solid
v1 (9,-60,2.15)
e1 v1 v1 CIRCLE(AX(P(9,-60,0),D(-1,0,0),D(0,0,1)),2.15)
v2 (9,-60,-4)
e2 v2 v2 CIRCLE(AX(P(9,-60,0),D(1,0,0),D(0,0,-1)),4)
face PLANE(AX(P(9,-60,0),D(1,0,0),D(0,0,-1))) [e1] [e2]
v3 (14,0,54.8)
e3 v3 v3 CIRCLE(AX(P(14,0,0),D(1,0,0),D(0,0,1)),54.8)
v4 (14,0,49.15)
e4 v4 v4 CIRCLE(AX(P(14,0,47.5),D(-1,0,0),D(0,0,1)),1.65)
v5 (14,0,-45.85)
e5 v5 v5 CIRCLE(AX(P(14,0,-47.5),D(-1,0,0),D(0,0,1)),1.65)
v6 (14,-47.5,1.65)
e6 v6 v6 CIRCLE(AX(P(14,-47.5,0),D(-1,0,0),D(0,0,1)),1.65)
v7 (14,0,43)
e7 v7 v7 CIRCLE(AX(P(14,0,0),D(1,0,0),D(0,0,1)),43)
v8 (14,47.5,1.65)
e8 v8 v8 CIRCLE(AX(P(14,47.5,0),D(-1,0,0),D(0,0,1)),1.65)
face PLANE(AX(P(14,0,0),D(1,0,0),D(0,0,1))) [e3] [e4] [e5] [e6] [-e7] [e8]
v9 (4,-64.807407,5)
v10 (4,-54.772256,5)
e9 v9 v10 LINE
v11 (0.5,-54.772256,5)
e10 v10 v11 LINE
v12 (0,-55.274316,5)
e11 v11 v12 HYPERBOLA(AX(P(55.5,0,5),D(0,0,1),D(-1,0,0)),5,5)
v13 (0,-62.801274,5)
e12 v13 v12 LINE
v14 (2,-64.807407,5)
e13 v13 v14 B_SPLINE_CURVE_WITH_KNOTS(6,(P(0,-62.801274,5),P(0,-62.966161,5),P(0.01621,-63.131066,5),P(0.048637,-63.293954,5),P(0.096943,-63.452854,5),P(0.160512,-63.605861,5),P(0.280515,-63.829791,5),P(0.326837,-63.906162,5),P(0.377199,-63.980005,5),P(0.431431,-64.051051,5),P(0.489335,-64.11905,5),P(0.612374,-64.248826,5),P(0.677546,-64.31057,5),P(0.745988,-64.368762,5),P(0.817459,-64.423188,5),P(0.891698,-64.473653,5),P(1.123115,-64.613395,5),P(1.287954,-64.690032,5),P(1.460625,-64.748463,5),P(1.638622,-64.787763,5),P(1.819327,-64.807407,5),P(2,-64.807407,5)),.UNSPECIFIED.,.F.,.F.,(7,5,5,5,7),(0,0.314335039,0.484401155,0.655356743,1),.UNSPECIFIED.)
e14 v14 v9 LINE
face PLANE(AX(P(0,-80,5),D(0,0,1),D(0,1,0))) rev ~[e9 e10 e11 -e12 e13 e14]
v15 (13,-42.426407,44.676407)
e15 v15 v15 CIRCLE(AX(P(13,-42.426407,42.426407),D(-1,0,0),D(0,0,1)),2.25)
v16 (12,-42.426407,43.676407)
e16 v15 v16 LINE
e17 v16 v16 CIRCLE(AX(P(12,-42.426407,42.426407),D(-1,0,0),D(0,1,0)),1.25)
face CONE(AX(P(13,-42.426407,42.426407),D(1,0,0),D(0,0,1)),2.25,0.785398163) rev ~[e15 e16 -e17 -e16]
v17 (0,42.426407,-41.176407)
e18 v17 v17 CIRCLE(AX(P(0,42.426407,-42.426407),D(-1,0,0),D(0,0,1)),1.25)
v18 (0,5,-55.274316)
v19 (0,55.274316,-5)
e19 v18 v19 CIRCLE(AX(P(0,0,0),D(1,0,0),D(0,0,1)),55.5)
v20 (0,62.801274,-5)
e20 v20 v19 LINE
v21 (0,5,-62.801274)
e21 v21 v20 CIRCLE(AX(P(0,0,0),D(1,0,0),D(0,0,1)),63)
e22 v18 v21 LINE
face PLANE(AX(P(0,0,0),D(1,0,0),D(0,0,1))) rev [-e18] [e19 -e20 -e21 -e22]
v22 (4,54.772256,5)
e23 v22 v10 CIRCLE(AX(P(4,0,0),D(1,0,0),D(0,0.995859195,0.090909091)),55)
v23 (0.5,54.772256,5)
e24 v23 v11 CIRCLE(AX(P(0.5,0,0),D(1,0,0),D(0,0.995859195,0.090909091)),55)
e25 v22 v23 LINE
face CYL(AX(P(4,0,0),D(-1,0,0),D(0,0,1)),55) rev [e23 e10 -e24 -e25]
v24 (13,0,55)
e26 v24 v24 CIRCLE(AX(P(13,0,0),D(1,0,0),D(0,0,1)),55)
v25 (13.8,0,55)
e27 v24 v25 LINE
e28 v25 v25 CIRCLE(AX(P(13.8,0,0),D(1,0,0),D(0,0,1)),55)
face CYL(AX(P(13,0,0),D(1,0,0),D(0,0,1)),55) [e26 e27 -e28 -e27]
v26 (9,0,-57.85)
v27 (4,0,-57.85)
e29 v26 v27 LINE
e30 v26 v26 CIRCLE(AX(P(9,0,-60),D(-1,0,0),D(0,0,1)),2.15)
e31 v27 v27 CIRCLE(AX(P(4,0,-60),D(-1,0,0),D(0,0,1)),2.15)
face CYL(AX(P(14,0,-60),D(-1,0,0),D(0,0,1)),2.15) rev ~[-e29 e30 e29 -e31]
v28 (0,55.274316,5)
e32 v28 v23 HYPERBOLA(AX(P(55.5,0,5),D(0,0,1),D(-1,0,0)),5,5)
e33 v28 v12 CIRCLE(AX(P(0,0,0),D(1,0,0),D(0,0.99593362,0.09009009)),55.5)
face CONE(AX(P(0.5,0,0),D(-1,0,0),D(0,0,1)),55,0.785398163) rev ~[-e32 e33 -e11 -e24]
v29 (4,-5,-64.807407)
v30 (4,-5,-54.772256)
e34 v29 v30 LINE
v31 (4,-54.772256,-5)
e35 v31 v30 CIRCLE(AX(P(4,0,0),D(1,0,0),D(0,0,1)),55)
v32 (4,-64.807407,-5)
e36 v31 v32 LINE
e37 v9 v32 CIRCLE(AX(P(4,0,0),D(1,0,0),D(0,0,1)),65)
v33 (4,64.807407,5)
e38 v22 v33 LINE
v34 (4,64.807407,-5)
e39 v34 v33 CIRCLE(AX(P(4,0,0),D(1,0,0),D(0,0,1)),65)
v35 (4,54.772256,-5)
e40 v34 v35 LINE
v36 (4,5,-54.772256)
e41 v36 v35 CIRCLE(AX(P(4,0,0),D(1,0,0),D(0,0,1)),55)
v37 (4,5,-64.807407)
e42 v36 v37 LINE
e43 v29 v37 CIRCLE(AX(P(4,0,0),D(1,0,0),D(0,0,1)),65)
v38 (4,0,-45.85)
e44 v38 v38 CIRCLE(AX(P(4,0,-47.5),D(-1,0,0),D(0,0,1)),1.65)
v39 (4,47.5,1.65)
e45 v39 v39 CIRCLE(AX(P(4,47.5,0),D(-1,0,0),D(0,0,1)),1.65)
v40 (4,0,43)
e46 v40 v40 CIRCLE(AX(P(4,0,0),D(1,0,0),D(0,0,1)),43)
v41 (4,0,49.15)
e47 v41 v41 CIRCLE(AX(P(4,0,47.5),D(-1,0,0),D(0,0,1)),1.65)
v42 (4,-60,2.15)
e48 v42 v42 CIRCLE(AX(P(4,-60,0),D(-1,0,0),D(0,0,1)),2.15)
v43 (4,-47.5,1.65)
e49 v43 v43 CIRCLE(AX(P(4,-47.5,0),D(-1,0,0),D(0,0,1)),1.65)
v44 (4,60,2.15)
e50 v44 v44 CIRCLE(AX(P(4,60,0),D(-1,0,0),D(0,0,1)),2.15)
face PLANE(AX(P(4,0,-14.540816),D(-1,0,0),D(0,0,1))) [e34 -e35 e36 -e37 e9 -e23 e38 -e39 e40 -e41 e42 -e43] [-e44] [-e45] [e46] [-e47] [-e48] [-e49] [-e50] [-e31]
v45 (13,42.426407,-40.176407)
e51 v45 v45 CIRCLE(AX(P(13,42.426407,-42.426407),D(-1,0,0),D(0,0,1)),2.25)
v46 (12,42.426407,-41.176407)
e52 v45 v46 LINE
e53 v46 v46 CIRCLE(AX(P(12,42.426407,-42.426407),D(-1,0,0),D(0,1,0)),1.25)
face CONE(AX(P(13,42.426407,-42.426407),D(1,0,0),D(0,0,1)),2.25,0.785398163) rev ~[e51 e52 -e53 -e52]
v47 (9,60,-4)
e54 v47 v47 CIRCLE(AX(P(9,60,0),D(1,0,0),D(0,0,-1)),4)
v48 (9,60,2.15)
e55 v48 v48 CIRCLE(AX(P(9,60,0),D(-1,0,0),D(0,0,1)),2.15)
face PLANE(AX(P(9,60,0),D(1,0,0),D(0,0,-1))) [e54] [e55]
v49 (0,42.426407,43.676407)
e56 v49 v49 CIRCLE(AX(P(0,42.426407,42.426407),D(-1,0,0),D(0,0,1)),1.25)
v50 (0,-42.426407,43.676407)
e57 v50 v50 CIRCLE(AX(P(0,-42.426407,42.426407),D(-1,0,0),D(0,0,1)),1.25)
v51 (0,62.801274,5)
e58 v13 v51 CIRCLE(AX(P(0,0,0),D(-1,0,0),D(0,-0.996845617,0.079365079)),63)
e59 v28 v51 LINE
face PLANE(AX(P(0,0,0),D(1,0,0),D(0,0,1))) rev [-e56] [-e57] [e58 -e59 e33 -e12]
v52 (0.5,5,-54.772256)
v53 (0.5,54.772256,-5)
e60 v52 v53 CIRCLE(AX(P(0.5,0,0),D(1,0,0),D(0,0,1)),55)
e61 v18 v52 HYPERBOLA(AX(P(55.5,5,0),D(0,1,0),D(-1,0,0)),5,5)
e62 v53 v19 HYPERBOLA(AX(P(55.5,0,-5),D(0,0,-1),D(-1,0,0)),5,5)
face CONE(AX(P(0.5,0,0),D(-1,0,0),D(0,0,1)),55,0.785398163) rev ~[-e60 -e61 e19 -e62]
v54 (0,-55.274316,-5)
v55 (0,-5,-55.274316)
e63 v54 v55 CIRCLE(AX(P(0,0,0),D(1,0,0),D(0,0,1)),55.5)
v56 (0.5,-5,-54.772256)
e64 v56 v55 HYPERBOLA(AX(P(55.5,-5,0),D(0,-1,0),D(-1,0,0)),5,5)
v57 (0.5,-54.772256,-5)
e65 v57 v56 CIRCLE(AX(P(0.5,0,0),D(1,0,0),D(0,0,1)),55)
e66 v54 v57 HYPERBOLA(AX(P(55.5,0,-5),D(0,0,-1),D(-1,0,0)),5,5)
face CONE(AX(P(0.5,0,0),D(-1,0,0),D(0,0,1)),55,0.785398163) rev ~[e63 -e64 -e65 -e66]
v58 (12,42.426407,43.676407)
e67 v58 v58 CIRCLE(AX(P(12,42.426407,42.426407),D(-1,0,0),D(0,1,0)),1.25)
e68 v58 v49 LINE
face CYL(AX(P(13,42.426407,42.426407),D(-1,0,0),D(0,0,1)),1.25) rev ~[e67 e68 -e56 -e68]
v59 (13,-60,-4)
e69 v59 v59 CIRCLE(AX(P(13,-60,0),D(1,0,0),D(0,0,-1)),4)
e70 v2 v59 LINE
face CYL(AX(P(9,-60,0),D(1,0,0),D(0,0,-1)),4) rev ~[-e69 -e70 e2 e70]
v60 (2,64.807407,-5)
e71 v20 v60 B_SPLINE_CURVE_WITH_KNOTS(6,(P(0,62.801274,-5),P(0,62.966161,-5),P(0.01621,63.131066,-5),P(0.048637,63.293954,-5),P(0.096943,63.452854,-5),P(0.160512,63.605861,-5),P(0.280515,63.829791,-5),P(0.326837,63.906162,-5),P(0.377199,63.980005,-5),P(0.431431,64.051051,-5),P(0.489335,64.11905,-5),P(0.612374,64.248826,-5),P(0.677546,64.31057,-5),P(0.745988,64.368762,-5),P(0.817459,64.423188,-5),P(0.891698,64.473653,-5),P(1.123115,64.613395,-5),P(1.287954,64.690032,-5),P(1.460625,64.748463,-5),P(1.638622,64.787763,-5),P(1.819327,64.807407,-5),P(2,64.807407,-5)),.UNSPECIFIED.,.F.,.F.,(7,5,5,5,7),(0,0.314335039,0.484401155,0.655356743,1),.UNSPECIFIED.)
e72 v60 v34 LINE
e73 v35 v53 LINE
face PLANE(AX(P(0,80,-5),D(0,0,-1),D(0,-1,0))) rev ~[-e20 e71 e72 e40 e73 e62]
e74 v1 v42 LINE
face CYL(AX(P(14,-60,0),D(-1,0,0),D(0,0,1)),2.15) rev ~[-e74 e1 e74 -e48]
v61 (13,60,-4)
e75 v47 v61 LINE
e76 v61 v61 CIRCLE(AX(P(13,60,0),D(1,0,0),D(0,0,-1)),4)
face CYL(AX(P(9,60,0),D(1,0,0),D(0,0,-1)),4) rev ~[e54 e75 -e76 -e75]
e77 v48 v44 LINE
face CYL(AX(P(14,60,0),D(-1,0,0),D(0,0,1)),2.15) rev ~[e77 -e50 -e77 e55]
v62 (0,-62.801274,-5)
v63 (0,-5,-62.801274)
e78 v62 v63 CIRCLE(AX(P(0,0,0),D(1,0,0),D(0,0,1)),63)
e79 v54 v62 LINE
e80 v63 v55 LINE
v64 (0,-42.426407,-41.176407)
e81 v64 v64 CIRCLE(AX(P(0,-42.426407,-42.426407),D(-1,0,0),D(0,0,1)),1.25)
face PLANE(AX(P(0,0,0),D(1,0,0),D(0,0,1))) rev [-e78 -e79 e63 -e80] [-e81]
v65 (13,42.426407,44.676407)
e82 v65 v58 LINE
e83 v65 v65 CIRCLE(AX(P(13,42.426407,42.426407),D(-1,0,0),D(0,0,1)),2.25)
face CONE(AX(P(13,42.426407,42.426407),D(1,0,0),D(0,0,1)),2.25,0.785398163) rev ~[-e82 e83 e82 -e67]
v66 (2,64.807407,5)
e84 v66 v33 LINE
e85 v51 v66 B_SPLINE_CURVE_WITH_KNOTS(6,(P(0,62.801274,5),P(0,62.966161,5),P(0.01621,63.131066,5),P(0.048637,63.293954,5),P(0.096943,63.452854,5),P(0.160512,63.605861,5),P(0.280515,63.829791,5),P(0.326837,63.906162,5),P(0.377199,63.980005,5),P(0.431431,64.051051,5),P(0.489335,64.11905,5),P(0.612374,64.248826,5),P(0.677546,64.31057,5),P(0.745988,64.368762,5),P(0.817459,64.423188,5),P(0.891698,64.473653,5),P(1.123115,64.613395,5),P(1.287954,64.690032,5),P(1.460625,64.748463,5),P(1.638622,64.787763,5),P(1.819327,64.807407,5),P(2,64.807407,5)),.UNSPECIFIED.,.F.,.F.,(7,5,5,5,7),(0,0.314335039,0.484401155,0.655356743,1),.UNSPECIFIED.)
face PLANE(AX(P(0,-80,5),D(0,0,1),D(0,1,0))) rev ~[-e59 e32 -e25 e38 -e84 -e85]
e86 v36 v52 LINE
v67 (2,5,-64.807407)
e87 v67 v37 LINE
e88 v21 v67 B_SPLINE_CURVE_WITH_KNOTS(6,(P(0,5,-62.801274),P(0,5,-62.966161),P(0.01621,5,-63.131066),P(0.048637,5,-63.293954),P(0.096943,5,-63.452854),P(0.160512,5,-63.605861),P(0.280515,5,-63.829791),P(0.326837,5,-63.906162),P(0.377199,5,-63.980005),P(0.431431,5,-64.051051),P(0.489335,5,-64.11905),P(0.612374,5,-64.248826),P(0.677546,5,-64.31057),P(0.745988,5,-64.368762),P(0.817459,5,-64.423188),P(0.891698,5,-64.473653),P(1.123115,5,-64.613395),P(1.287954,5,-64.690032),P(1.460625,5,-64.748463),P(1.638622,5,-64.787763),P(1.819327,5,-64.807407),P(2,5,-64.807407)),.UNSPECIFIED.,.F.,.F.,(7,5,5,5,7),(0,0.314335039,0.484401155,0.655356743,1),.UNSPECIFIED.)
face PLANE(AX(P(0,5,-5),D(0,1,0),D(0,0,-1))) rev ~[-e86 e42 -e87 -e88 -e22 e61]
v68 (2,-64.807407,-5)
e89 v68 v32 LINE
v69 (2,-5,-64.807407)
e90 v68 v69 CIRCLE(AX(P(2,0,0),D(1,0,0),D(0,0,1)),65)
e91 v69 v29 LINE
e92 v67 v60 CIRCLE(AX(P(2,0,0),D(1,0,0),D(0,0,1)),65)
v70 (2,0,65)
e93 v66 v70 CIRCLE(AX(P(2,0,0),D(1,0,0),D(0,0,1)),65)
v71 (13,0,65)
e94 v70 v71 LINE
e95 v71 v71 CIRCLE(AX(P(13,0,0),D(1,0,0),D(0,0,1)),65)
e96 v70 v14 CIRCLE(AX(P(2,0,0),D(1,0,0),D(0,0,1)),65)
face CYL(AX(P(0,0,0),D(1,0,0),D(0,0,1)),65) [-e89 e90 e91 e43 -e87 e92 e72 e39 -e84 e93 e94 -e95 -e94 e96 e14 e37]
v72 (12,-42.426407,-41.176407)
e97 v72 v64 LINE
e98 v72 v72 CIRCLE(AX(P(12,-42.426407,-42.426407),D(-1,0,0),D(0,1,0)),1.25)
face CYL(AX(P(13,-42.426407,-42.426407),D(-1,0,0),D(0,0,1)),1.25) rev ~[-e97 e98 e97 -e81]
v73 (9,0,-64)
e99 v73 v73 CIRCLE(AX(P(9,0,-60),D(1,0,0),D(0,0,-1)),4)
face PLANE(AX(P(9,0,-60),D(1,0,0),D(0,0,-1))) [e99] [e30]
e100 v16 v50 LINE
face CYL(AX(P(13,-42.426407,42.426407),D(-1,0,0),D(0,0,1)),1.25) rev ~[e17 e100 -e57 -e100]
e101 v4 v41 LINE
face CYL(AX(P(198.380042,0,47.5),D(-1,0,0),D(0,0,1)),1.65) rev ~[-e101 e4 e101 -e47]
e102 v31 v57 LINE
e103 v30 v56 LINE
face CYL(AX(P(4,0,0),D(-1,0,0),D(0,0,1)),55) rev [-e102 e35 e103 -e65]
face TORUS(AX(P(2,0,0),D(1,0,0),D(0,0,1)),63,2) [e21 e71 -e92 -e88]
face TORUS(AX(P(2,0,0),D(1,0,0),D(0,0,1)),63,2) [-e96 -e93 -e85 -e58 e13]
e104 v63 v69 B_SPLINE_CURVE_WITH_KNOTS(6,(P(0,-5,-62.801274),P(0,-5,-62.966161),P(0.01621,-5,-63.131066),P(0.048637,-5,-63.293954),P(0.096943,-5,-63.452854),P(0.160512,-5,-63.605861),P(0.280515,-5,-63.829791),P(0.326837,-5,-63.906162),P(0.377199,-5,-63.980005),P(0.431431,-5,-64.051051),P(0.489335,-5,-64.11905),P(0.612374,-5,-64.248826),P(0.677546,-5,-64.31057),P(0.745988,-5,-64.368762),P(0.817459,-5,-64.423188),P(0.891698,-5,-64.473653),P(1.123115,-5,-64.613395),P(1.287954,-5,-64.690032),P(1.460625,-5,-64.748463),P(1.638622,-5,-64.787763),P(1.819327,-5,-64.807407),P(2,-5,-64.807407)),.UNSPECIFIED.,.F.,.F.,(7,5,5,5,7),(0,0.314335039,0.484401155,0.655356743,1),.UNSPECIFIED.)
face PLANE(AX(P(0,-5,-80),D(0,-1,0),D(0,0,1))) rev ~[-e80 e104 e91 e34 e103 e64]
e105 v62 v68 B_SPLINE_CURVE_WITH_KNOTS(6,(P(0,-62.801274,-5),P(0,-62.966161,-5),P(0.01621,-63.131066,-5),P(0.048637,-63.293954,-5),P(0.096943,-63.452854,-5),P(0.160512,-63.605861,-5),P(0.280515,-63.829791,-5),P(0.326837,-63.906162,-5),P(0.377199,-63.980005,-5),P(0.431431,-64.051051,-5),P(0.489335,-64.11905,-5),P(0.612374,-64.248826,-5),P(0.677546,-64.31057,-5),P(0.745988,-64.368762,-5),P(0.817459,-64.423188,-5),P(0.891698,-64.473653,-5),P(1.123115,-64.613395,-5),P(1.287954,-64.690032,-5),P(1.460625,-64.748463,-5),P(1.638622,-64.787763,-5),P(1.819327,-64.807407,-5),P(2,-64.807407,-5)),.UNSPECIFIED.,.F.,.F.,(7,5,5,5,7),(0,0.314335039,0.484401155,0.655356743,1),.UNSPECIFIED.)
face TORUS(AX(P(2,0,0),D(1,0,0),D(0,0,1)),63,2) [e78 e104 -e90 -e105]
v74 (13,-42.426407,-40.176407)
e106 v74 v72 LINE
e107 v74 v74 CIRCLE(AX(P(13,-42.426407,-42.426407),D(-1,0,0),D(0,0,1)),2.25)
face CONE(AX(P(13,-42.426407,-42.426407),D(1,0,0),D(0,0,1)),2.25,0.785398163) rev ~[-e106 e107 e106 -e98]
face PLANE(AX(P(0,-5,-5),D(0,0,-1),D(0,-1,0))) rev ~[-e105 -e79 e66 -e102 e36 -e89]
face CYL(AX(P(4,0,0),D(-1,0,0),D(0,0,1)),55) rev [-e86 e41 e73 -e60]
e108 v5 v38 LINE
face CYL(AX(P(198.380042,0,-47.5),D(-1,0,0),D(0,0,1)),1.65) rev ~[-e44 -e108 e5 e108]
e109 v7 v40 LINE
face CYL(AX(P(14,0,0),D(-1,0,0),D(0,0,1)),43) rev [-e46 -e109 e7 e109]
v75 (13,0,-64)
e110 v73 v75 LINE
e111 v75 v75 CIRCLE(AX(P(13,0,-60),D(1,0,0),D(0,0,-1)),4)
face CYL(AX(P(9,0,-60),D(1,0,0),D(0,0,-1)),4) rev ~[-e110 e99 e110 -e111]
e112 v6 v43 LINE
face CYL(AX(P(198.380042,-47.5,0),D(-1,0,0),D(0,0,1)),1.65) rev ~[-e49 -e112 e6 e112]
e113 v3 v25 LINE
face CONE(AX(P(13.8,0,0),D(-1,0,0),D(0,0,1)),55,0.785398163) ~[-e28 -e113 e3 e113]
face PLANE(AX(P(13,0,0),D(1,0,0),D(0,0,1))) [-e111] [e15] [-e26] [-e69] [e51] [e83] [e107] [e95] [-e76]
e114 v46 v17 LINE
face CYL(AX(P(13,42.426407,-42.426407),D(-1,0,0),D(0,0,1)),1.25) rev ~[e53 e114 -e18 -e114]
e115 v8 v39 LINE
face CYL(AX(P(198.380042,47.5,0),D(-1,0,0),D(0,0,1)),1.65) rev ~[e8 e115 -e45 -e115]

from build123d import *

# Parameters (mm, degrees)
CONG_1_R                                           = 2
CHANFREIN1_SIZE                                    = 0.5
ENL_V_MAT_EXTRU_1_DEPTH                            = 4
TROU_TARAUD_M41_D                                  = 3.3
CHAMBRAGE_POUR_VIS_T_TE_HEXAGONALE_M41_D           = 4.3
CHAMBRAGE_POUR_VIS_T_TE_HEXAGONALE_M41_CBORE_D     = 8
CHAMBRAGE_POUR_VIS_T_TE_HEXAGONALE_M41_CBORE_DEPTH = 5
CHANFREIN2_SIZE                                    = 0.2
TROU_TARAUD_M31_D                                  = 2.5
TROU_TARAUD_M31_CSINK_D                            = 4.5
TROU_TARAUD_M31_CSINK_ANGLE                        = 90


with BuildPart() as part:
    # Esquisse1 → Révolution1 (revolve)
    with BuildSketch(Plane.XY, mode=Mode.PRIVATE) as r_volution1_sk:
        Polygon((0, 55), (0, 65), (13, 65), (13, 55), (14, 55), (14, 43), (4, 43), (4, 55), align=None)
    revolve(r_volution1_sk.sketch.rotate(Axis((0, 0, 0), (1, 0, 0)), 90), axis=Axis((0, 0, 0), (1, 0, 0)))

    # Congé1
    cong_1_edges = [part.edges().sort_by_distance(p)[0] for p in [
        (0, 0, -65),
    ]]
    fillet(cong_1_edges, radius=CONG_1_R)

    # Chanfrein1
    chanfrein1_edges = [part.edges().sort_by_distance(p)[0] for p in [
        (0, 0, -55),
    ]]
    chamfer(chanfrein1_edges, length=CHANFREIN1_SIZE)

    # Esquisse5 → Enlèv. mat.-Extru.1 (cut)
    with BuildSketch(Plane.ZY):
        Polygon((-5, 80), (-5, 5), (-80, 5), (-80, -5), (-5, -5), (-5, -80), (5, -80), (5, -5), (5, 5), (5, 80), align=None)
    extrude(amount=-ENL_V_MAT_EXTRU_1_DEPTH, mode=Mode.SUBTRACT)

    # Trou taraudé M41 (through all)
    with Locations(Plane(origin=(14, 0, 0), x_dir=(0, 0, -1), z_dir=(1, 0, 0))):
        with Locations((0, 47.5), (47.5, 0), (0, -47.5), (-47.5, 0)):
            Hole(TROU_TARAUD_M41_D / 2)

    # Chambrage pour vis à tête hexagonale M41 (through all)
    with Locations(Plane(origin=(14, 0, 0), x_dir=(0, 0, -1), z_dir=(1, 0, 0))):
        with Locations((0, 60), (60, 0), (0, -60)):
            CounterBoreHole(CHAMBRAGE_POUR_VIS_T_TE_HEXAGONALE_M41_D / 2, CHAMBRAGE_POUR_VIS_T_TE_HEXAGONALE_M41_CBORE_D / 2, CHAMBRAGE_POUR_VIS_T_TE_HEXAGONALE_M41_CBORE_DEPTH)

    # Chanfrein2
    chanfrein2_edges = [part.edges().sort_by_distance(p)[0] for p in [
        (14, 0, -55),
    ]]
    chamfer(chanfrein2_edges, length=CHANFREIN2_SIZE)

    # Trou taraudé M31 (through all)
    with Locations(Plane(origin=(13, 0, 0), x_dir=(0, 0, -1), z_dir=(1, 0, 0))):
        with Locations((42.426406871, 42.426406871), (42.426406871, -42.426406871), (-42.426406871, -42.426406871), (-42.426406871, 42.426406871)):
            CounterSinkHole(TROU_TARAUD_M31_D / 2, TROU_TARAUD_M31_CSINK_D / 2, counter_sink_angle=TROU_TARAUD_M31_CSINK_ANGLE)


solid = part.part
